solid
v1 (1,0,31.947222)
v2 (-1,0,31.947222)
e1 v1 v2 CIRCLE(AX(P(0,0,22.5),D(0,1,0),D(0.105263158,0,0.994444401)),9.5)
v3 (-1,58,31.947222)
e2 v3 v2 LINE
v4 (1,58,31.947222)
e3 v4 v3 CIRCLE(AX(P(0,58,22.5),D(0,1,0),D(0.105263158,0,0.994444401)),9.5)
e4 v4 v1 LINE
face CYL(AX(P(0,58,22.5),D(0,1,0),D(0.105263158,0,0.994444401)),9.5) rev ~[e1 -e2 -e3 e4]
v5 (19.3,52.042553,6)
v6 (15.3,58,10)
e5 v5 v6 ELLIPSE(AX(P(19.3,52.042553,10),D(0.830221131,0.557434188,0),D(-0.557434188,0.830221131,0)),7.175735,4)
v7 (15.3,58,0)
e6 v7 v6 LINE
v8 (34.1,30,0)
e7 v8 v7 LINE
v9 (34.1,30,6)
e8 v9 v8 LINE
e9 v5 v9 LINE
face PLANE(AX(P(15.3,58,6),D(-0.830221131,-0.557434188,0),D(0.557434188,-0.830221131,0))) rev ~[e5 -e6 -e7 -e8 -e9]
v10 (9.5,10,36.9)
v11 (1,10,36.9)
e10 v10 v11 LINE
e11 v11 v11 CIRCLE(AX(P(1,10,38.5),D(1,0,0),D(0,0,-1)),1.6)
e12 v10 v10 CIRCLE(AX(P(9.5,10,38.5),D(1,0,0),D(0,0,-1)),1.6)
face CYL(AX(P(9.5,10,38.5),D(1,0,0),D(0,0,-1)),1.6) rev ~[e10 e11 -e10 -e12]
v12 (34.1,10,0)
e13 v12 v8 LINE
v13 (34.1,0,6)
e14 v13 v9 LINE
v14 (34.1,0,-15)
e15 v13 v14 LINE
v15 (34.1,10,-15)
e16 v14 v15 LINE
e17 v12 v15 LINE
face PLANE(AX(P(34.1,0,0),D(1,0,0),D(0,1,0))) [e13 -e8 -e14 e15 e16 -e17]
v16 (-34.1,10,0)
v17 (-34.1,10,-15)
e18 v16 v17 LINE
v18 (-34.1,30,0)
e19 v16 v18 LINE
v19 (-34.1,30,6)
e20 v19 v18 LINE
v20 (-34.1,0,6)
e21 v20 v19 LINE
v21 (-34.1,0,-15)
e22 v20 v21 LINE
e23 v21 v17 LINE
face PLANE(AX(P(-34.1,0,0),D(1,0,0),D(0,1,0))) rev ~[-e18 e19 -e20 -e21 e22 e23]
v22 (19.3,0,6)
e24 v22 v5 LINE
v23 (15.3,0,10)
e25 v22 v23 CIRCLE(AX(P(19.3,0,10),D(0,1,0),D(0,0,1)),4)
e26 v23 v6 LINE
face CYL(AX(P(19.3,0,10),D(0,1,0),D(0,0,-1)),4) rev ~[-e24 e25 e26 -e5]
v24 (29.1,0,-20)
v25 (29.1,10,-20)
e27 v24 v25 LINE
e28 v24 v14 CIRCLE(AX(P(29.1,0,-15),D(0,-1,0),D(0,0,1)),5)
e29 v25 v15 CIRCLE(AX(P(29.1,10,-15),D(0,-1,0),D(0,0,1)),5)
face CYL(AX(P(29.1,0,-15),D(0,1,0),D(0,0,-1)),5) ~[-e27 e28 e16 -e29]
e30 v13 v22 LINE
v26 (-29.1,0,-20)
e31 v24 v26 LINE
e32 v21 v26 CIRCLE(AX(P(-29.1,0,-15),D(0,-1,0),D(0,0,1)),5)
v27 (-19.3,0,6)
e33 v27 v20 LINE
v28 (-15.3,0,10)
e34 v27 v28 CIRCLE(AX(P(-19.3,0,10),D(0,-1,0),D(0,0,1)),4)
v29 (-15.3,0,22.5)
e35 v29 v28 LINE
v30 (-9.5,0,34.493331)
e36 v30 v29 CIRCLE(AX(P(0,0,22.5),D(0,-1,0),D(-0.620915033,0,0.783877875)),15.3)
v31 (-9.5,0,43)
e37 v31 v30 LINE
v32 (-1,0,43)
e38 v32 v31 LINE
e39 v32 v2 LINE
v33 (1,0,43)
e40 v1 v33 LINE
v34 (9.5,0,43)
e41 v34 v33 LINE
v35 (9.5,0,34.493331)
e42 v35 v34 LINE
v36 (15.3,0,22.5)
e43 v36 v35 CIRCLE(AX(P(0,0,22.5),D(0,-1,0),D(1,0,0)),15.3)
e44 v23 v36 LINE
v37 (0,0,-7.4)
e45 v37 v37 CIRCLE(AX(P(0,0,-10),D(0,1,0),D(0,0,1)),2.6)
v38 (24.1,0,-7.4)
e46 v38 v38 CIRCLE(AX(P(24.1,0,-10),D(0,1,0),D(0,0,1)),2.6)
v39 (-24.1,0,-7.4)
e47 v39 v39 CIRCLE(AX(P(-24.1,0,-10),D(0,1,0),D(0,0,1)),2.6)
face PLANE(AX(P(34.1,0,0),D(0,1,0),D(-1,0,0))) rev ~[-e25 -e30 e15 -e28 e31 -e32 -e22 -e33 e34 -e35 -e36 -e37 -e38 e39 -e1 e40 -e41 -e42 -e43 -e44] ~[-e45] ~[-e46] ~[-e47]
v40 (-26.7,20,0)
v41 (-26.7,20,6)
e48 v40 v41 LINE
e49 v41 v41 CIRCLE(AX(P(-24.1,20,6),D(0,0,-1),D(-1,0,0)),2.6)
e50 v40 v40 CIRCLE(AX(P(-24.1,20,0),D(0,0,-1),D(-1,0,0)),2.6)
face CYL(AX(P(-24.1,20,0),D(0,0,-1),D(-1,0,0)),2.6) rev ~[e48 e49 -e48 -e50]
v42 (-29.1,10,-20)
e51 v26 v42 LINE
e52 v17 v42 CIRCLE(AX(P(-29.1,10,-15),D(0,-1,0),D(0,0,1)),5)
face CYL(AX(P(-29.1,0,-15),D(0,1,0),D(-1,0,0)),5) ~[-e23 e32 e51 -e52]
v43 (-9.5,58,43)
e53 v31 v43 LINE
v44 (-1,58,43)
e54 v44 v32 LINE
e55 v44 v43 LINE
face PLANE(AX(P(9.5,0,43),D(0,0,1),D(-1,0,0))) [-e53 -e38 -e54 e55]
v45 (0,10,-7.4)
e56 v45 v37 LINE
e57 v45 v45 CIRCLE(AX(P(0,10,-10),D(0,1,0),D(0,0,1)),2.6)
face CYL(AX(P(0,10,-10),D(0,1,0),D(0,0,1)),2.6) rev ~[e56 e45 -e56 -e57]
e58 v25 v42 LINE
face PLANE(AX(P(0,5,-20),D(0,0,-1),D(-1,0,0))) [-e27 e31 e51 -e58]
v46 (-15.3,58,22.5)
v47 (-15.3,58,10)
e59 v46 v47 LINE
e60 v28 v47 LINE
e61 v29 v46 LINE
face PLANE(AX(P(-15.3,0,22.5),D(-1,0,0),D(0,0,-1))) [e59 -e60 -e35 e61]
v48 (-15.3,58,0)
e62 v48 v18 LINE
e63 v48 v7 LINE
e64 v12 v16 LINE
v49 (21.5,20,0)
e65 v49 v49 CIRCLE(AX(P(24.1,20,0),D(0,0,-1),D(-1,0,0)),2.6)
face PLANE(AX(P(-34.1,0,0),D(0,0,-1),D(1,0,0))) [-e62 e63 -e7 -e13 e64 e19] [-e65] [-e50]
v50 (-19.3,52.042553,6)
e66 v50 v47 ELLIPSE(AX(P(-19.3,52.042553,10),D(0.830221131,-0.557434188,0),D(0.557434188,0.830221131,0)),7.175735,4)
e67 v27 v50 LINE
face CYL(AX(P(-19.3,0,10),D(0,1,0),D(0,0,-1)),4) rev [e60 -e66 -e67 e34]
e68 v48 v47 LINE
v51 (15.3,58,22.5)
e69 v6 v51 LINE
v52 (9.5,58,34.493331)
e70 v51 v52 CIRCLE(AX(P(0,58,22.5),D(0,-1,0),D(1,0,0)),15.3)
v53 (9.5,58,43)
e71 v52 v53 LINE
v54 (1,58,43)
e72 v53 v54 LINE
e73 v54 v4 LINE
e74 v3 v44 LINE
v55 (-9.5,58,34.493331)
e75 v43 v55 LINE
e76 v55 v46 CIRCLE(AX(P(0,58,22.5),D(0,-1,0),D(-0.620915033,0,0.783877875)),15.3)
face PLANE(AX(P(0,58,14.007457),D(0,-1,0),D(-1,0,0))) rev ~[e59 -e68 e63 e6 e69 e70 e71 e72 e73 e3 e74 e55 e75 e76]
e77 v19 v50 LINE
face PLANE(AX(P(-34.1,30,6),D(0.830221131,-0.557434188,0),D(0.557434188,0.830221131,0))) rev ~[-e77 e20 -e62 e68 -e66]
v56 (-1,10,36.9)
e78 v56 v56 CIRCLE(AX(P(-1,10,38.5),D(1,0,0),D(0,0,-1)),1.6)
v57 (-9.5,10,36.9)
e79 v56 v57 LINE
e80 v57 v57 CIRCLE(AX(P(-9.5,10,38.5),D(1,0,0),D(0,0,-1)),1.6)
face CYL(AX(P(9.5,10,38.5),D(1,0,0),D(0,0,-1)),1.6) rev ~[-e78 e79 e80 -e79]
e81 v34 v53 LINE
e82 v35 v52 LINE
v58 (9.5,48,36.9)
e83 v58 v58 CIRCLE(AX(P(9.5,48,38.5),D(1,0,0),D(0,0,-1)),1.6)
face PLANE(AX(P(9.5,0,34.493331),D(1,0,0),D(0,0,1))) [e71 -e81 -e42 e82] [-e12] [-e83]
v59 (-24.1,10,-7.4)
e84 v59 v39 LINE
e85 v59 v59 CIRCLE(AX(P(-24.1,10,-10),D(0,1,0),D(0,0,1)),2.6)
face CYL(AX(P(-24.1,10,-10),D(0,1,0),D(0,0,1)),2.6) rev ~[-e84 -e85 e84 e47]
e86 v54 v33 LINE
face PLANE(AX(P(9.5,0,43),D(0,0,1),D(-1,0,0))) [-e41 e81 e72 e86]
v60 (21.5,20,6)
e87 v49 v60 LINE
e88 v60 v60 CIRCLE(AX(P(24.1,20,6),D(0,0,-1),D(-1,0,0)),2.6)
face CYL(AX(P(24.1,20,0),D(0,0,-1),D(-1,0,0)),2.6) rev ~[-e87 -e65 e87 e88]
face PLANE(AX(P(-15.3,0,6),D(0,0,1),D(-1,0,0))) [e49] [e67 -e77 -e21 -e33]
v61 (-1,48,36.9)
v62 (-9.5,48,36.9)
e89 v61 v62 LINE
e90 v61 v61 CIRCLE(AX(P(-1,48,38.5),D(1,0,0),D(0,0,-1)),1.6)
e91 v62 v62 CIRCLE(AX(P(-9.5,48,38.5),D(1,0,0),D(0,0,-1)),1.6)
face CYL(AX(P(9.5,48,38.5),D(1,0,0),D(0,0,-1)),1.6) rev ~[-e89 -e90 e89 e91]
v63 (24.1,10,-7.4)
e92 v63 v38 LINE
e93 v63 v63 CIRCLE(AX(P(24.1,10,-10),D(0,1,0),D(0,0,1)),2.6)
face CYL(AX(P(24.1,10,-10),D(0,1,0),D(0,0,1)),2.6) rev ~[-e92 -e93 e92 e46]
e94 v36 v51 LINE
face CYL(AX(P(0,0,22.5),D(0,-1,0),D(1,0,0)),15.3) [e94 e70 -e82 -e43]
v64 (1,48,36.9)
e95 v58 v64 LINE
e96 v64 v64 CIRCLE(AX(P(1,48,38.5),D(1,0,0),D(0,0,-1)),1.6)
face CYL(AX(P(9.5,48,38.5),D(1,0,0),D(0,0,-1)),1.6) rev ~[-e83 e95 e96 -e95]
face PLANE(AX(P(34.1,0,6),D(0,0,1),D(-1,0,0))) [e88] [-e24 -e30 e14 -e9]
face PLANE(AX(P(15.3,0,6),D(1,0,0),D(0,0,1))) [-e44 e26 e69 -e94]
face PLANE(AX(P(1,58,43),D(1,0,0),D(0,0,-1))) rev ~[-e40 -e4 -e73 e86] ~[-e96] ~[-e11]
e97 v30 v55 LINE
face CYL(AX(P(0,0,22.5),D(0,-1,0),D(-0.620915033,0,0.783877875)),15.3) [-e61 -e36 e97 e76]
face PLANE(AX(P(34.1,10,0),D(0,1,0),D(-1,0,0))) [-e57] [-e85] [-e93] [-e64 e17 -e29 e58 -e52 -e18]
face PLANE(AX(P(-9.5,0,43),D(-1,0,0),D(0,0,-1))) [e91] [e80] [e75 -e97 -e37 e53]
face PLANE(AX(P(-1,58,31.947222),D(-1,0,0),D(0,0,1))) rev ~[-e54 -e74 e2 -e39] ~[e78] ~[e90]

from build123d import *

# Parameters (mm, degrees)
BOSS_EXTRUDE1_DEPTH = 58
CUT_EXTRUDE1_DEPTH  = 80.848669369
SKETCH3_W           = 68.2
SKETCH3_H           = 10
BOSS_EXTRUDE2_DEPTH = 20
SKETCH4_R           = 1.6
CUT_EXTRUDE2_DEPTH  = 85.344294413
SKETCH5_R           = 2.6
CUT_EXTRUDE3_DEPTH  = 80.848669369
SKETCH6_R           = 2.6
CUT_EXTRUDE4_DEPTH  = 73.909601562
CUT_EXTRUDE5_DEPTH  = 77.784178058
FILLET1_R           = 4
FILLET2_R           = 5


with BuildPart() as part:
    # Sketch1 → Boss-Extrude1 (new body)
    with BuildSketch(Plane(origin=(0, 0, 0), x_dir=(1, 0, 0), z_dir=(0, 1, 0))):
        with BuildLine():
            Line((0, 0), (34.1, 0))
            Line((34.1, 0), (34.1, -6))
            Line((34.1, -6), (15.3, -6))
            Line((15.3, -6), (15.3, -22.5))
            ThreePointArc((15.3, -22.5), (13.77388834, -29.161080993), (9.5, -34.49333148))
            Line((9.5, -34.49333148), (9.5, -43))
            Line((9.5, -43), (-9.5, -43))
            Line((-9.5, -43), (-9.5, -34.49333148))
            ThreePointArc((-9.5, -34.49333148), (-13.77388834, -29.161080993), (-15.3, -22.5))
            Line((-15.3, -22.5), (-15.3, -6))
            Line((-15.3, -6), (-34.1, -6))
            Line((-34.1, -6), (-34.1, 0))
            Line((-34.1, 0), (0, 0))
        make_face()
    extrude(amount=BOSS_EXTRUDE1_DEPTH)

    # Sketch2 → Cut-Extrude1 (cut, through all)
    with BuildSketch(Plane(origin=(0, 58, 0), x_dir=(1, 0, 0), z_dir=(0, 1, 0))):
        with BuildLine():
            Line((-1, -31.947221814), (-1, -43))
            Line((-1, -43), (1, -43))
            Line((1, -43), (1, -31.947221814))
            ThreePointArc((1, -31.947221814), (0, -13), (-1, -31.947221814))
        make_face()
    extrude(amount=-CUT_EXTRUDE1_DEPTH, mode=Mode.SUBTRACT)

    # Sketch3 → Boss-Extrude2 (add)
    with BuildSketch(Plane(origin=(0, 0, 0), x_dir=(-1, 0, 0), z_dir=(0, 0, -1))):
        with Locations((0, 5)):
            Rectangle(SKETCH3_W, SKETCH3_H)
    extrude(amount=BOSS_EXTRUDE2_DEPTH)

    # Sketch4 → Cut-Extrude2 (cut, through all)
    with BuildSketch(Plane(origin=(9.5, 0, 0), x_dir=(0, 0, -1), z_dir=(1, 0, 0))):
        with Locations((-38.5, 48)):
            Circle(SKETCH4_R)
        with Locations((-38.5, 10)):
            Circle(SKETCH4_R)
    extrude(amount=-CUT_EXTRUDE2_DEPTH, mode=Mode.SUBTRACT)

    # Sketch5 → Cut-Extrude3 (cut, through all)
    with BuildSketch(Plane(origin=(0, 0, 0), x_dir=(-1, 0, 0), z_dir=(0, 0, -1))):
        with Locations((-24.1, 20)):
            Circle(SKETCH5_R)
        with Locations((24.1, 20)):
            Circle(SKETCH5_R)
    extrude(amount=-CUT_EXTRUDE3_DEPTH, mode=Mode.SUBTRACT)

    # Sketch6 → Cut-Extrude4 (cut, through all)
    with BuildSketch(Plane(origin=(0, 10, 0), x_dir=(1, 0, 0), z_dir=(0, 1, 0))):
        with Locations(Location((24.1, 10, 0), (0, 0, 270))):
            Circle(SKETCH6_R)
        with Locations(Location((0, 10, 0), (0, 0, 270))):
            Circle(SKETCH6_R)
        with Locations(Location((-24.1, 10, 0), (0, 0, 270))):
            Circle(SKETCH6_R)
    extrude(amount=-CUT_EXTRUDE4_DEPTH, mode=Mode.SUBTRACT)

    # Sketch7 → Cut-Extrude5 (cut, through all)
    with BuildSketch(Plane.XY.offset(6)):
        Polygon((15.3, 58), (34.1, 30), (34.1, 58), align=None)
        Polygon((-15.3, 58), (-34.1, 58), (-34.1, 30), align=None)
    extrude(amount=-CUT_EXTRUDE5_DEPTH, mode=Mode.SUBTRACT)

    # Fillet1
    fillet1_edges = [part.edges().sort_by_distance(p)[0] for p in [
        (15.3, 29, 6),
        (-15.3, 29, 6),
    ]]
    fillet(fillet1_edges, radius=FILLET1_R)

    # Fillet2
    fillet2_edges = [part.edges().sort_by_distance(p)[0] for p in [
        (-34.1, 5, -20),
        (34.1, 5, -20),
    ]]
    fillet(fillet2_edges, radius=FILLET2_R)


solid = part.part
